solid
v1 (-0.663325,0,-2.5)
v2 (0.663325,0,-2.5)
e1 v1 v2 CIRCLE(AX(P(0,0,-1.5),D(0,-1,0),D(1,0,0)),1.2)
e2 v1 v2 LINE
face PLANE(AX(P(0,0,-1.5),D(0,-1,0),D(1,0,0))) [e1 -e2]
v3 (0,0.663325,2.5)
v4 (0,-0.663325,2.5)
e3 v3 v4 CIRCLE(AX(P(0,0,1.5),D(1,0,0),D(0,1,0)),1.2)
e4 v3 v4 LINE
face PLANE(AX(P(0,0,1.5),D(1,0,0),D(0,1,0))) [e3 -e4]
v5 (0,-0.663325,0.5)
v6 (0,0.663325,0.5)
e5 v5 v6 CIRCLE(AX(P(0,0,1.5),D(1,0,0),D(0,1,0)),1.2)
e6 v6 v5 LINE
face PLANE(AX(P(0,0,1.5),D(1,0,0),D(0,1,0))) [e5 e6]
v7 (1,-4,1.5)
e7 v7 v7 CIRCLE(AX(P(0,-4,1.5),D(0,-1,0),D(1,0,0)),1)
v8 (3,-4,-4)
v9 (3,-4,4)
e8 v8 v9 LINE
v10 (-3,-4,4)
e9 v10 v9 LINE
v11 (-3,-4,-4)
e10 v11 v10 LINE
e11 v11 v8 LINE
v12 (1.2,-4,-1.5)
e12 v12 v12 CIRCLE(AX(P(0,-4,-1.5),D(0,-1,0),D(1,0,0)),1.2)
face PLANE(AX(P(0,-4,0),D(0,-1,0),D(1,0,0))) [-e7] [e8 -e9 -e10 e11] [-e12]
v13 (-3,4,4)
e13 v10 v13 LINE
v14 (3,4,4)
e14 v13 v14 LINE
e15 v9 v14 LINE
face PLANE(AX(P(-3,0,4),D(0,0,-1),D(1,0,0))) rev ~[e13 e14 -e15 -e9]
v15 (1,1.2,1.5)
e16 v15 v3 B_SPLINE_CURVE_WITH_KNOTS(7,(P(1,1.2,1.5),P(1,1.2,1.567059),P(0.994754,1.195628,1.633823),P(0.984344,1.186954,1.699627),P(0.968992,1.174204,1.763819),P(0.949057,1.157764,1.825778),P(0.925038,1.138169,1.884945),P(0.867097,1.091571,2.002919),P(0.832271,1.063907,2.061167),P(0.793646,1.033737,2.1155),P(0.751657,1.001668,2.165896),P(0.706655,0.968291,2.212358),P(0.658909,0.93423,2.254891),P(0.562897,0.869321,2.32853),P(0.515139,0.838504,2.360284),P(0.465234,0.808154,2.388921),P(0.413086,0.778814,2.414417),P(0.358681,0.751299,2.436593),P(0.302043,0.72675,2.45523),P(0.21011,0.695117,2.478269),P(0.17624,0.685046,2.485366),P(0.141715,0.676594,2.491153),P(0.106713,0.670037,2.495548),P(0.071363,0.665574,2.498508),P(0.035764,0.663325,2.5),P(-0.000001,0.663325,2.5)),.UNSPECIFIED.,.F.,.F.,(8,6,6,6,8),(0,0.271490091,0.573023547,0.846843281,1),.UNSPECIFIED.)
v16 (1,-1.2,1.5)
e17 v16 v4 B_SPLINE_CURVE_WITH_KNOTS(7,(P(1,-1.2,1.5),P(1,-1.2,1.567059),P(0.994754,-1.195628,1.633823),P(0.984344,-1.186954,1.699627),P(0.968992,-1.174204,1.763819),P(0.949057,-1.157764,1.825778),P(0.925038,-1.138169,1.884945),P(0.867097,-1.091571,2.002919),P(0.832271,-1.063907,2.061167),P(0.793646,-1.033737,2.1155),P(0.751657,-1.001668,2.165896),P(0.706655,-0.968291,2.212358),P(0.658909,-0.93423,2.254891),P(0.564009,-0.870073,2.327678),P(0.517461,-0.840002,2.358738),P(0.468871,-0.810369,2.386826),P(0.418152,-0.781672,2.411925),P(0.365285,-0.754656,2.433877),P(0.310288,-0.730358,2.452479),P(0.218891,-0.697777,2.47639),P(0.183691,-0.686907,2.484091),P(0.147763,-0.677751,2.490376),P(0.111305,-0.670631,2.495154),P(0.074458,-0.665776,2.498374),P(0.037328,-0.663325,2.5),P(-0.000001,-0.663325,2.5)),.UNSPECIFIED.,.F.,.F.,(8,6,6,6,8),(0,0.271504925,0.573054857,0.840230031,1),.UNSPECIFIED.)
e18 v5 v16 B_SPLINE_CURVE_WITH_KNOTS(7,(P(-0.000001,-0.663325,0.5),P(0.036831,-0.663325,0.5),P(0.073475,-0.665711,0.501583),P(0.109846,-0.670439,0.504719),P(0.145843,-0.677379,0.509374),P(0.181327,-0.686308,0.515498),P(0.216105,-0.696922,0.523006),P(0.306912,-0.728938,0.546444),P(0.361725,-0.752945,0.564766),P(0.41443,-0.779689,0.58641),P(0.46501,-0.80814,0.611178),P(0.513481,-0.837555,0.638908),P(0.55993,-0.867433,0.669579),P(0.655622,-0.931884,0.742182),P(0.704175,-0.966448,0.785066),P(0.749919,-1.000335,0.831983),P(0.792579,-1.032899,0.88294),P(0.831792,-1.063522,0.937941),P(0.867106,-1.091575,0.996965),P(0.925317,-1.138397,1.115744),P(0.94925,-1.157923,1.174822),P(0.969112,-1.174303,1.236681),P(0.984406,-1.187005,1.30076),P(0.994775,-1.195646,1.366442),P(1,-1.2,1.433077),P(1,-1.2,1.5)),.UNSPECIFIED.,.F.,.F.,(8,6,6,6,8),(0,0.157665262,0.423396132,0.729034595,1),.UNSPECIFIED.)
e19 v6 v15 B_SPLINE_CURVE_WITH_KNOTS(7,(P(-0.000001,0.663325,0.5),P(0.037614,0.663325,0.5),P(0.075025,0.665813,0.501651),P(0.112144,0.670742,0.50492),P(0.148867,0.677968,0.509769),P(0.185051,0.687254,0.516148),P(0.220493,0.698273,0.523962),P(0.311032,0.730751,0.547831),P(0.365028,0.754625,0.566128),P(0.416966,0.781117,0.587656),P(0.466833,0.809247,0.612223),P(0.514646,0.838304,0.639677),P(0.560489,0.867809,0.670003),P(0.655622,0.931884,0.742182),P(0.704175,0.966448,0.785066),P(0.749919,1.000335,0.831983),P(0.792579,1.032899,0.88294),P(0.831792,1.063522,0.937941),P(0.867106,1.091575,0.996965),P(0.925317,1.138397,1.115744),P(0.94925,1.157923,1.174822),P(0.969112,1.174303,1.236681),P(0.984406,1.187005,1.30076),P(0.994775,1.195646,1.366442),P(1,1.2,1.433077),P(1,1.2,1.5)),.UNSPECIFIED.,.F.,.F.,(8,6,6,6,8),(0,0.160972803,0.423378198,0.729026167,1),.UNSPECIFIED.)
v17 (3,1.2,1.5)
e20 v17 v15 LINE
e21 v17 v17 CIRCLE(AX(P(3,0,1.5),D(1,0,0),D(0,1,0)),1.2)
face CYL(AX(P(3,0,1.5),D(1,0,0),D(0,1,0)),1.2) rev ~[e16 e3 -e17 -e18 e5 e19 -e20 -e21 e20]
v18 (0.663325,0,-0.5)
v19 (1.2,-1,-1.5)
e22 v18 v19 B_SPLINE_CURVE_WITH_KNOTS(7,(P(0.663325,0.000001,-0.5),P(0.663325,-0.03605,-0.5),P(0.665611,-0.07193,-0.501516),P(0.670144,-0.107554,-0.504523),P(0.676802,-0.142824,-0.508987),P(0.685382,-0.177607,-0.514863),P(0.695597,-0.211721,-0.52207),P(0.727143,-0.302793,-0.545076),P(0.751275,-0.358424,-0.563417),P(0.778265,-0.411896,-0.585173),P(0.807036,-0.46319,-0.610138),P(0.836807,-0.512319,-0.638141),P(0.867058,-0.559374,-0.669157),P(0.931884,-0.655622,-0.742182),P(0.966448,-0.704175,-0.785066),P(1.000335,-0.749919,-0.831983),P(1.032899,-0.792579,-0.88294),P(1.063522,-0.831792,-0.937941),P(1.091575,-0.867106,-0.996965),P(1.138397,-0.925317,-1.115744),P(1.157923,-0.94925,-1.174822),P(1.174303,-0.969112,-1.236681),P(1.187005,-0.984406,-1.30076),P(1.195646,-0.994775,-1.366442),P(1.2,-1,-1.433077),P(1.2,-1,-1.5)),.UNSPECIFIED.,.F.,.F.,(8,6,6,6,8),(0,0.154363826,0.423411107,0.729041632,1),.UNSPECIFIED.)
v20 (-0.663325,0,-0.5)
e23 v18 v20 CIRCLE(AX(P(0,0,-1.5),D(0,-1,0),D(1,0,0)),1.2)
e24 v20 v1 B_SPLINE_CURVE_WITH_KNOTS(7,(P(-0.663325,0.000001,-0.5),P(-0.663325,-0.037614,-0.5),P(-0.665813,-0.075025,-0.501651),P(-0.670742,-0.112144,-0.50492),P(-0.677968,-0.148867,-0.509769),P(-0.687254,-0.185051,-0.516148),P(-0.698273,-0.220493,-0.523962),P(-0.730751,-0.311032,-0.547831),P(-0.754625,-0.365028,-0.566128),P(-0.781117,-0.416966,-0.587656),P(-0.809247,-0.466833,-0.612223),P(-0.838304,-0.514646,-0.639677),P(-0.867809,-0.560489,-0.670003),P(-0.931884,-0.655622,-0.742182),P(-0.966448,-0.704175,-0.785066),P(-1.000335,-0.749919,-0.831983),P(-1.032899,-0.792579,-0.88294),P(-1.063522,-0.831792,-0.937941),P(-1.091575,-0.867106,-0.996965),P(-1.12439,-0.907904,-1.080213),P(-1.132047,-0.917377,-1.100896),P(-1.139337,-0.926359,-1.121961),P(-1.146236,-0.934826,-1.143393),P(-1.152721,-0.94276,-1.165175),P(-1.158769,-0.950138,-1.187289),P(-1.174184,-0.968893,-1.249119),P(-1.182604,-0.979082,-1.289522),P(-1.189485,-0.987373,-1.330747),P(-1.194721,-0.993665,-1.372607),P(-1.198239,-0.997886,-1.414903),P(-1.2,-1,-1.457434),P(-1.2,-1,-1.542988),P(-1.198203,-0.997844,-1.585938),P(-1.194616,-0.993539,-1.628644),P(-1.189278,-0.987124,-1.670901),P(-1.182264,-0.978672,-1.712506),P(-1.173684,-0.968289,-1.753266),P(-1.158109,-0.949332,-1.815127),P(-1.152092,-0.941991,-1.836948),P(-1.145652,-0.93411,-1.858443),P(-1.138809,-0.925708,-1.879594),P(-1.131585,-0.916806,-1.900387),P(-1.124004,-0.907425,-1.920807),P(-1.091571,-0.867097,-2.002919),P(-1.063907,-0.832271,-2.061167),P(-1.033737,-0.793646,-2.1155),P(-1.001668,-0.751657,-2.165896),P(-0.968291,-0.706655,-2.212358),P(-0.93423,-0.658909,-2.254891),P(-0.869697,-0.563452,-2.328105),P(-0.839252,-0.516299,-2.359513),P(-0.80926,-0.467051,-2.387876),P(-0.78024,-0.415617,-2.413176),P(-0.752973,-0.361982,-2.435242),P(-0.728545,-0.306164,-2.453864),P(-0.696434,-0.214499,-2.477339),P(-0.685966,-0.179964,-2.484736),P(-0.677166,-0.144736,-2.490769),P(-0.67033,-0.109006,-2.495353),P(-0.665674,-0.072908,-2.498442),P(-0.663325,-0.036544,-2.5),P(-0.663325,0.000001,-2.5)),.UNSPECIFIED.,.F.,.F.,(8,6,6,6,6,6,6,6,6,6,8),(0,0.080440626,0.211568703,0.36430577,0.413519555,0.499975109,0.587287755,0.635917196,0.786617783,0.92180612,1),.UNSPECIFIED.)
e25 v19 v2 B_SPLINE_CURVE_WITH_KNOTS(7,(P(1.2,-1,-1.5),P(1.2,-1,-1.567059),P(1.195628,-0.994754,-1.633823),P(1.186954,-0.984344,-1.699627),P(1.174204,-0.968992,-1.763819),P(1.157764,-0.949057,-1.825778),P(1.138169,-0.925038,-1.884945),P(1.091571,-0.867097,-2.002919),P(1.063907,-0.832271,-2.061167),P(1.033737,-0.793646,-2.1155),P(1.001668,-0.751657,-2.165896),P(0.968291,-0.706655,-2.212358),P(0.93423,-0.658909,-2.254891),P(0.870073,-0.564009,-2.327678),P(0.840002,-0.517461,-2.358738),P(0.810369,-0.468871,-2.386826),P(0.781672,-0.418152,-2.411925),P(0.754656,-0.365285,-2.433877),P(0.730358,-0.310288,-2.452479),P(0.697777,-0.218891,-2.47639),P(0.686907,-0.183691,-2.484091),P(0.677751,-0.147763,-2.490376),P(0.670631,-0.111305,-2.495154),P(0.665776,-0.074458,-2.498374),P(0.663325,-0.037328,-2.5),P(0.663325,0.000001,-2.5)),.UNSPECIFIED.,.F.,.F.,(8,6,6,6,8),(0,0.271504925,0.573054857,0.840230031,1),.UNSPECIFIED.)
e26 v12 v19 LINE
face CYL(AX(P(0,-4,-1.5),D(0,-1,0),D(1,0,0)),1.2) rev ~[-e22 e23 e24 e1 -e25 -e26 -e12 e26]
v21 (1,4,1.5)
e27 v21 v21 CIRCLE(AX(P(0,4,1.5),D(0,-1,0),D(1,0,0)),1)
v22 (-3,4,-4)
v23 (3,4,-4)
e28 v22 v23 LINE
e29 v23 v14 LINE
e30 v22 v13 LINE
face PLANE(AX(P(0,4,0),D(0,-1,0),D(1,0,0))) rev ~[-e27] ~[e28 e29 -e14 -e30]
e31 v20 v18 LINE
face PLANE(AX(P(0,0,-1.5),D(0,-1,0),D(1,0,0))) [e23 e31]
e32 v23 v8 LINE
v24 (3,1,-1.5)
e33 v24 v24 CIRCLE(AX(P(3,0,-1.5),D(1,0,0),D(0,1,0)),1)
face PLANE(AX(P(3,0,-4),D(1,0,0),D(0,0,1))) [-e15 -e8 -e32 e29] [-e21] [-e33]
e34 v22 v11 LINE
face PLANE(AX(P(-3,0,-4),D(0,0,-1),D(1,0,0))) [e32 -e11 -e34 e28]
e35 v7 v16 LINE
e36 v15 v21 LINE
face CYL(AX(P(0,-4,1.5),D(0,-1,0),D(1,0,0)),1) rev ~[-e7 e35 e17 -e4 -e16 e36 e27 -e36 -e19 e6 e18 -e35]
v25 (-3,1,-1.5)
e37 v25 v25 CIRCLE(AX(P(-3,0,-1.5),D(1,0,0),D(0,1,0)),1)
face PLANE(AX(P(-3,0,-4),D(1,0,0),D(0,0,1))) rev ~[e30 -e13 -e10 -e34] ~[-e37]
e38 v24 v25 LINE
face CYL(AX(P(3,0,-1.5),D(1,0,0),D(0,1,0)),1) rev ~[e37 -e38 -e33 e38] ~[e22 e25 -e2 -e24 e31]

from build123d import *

# Parameters (mm, degrees)
F0_W          = 6
F0_H          = 8
F1_DEPTH      = 4
F1_DEPTH_BACK = 4
F2_R          = 1
F3_DEPTH      = 8.001
F4_R          = 1
F5_DEPTH      = 6.001
F6_R          = 1.2
F7_DEPTH      = 4
F8_R          = 1.2
F9_DEPTH      = 3


with BuildPart() as f1:
    # F0 (on Front) → F1 (new body, two sides)
    with BuildSketch(Plane.XZ) as f1_sk:
        Rectangle(F0_W, F0_H)
    extrude(amount=F1_DEPTH)
    extrude(f1_sk.sketch, amount=-F1_DEPTH_BACK)

    # F2 (on face) → F3 (cut, through all)
    with BuildSketch(Plane.XZ.offset(4)):
        with Locations((0, 1.5)):
            Circle(F2_R)
    extrude(amount=-F3_DEPTH, mode=Mode.SUBTRACT)

    # F4 (on face) → F5 (cut, through all)
    with BuildSketch(Plane.YZ.offset(3)):
        with Locations((0, -1.5)):
            Circle(F4_R)
    extrude(amount=-F5_DEPTH, mode=Mode.SUBTRACT)

    # F6 (on face) → F7 (cut)
    with BuildSketch(Plane.XZ.offset(4)):
        with Locations((0, -1.5)):
            Circle(F6_R)
    extrude(amount=-F7_DEPTH, mode=Mode.SUBTRACT)

    # F8 (on face) → F9 (cut)
    with BuildSketch(Plane.YZ.offset(3)):
        with Locations((0, 1.5)):
            Circle(F8_R)
    extrude(amount=-F9_DEPTH, mode=Mode.SUBTRACT)


solid = f1.part
